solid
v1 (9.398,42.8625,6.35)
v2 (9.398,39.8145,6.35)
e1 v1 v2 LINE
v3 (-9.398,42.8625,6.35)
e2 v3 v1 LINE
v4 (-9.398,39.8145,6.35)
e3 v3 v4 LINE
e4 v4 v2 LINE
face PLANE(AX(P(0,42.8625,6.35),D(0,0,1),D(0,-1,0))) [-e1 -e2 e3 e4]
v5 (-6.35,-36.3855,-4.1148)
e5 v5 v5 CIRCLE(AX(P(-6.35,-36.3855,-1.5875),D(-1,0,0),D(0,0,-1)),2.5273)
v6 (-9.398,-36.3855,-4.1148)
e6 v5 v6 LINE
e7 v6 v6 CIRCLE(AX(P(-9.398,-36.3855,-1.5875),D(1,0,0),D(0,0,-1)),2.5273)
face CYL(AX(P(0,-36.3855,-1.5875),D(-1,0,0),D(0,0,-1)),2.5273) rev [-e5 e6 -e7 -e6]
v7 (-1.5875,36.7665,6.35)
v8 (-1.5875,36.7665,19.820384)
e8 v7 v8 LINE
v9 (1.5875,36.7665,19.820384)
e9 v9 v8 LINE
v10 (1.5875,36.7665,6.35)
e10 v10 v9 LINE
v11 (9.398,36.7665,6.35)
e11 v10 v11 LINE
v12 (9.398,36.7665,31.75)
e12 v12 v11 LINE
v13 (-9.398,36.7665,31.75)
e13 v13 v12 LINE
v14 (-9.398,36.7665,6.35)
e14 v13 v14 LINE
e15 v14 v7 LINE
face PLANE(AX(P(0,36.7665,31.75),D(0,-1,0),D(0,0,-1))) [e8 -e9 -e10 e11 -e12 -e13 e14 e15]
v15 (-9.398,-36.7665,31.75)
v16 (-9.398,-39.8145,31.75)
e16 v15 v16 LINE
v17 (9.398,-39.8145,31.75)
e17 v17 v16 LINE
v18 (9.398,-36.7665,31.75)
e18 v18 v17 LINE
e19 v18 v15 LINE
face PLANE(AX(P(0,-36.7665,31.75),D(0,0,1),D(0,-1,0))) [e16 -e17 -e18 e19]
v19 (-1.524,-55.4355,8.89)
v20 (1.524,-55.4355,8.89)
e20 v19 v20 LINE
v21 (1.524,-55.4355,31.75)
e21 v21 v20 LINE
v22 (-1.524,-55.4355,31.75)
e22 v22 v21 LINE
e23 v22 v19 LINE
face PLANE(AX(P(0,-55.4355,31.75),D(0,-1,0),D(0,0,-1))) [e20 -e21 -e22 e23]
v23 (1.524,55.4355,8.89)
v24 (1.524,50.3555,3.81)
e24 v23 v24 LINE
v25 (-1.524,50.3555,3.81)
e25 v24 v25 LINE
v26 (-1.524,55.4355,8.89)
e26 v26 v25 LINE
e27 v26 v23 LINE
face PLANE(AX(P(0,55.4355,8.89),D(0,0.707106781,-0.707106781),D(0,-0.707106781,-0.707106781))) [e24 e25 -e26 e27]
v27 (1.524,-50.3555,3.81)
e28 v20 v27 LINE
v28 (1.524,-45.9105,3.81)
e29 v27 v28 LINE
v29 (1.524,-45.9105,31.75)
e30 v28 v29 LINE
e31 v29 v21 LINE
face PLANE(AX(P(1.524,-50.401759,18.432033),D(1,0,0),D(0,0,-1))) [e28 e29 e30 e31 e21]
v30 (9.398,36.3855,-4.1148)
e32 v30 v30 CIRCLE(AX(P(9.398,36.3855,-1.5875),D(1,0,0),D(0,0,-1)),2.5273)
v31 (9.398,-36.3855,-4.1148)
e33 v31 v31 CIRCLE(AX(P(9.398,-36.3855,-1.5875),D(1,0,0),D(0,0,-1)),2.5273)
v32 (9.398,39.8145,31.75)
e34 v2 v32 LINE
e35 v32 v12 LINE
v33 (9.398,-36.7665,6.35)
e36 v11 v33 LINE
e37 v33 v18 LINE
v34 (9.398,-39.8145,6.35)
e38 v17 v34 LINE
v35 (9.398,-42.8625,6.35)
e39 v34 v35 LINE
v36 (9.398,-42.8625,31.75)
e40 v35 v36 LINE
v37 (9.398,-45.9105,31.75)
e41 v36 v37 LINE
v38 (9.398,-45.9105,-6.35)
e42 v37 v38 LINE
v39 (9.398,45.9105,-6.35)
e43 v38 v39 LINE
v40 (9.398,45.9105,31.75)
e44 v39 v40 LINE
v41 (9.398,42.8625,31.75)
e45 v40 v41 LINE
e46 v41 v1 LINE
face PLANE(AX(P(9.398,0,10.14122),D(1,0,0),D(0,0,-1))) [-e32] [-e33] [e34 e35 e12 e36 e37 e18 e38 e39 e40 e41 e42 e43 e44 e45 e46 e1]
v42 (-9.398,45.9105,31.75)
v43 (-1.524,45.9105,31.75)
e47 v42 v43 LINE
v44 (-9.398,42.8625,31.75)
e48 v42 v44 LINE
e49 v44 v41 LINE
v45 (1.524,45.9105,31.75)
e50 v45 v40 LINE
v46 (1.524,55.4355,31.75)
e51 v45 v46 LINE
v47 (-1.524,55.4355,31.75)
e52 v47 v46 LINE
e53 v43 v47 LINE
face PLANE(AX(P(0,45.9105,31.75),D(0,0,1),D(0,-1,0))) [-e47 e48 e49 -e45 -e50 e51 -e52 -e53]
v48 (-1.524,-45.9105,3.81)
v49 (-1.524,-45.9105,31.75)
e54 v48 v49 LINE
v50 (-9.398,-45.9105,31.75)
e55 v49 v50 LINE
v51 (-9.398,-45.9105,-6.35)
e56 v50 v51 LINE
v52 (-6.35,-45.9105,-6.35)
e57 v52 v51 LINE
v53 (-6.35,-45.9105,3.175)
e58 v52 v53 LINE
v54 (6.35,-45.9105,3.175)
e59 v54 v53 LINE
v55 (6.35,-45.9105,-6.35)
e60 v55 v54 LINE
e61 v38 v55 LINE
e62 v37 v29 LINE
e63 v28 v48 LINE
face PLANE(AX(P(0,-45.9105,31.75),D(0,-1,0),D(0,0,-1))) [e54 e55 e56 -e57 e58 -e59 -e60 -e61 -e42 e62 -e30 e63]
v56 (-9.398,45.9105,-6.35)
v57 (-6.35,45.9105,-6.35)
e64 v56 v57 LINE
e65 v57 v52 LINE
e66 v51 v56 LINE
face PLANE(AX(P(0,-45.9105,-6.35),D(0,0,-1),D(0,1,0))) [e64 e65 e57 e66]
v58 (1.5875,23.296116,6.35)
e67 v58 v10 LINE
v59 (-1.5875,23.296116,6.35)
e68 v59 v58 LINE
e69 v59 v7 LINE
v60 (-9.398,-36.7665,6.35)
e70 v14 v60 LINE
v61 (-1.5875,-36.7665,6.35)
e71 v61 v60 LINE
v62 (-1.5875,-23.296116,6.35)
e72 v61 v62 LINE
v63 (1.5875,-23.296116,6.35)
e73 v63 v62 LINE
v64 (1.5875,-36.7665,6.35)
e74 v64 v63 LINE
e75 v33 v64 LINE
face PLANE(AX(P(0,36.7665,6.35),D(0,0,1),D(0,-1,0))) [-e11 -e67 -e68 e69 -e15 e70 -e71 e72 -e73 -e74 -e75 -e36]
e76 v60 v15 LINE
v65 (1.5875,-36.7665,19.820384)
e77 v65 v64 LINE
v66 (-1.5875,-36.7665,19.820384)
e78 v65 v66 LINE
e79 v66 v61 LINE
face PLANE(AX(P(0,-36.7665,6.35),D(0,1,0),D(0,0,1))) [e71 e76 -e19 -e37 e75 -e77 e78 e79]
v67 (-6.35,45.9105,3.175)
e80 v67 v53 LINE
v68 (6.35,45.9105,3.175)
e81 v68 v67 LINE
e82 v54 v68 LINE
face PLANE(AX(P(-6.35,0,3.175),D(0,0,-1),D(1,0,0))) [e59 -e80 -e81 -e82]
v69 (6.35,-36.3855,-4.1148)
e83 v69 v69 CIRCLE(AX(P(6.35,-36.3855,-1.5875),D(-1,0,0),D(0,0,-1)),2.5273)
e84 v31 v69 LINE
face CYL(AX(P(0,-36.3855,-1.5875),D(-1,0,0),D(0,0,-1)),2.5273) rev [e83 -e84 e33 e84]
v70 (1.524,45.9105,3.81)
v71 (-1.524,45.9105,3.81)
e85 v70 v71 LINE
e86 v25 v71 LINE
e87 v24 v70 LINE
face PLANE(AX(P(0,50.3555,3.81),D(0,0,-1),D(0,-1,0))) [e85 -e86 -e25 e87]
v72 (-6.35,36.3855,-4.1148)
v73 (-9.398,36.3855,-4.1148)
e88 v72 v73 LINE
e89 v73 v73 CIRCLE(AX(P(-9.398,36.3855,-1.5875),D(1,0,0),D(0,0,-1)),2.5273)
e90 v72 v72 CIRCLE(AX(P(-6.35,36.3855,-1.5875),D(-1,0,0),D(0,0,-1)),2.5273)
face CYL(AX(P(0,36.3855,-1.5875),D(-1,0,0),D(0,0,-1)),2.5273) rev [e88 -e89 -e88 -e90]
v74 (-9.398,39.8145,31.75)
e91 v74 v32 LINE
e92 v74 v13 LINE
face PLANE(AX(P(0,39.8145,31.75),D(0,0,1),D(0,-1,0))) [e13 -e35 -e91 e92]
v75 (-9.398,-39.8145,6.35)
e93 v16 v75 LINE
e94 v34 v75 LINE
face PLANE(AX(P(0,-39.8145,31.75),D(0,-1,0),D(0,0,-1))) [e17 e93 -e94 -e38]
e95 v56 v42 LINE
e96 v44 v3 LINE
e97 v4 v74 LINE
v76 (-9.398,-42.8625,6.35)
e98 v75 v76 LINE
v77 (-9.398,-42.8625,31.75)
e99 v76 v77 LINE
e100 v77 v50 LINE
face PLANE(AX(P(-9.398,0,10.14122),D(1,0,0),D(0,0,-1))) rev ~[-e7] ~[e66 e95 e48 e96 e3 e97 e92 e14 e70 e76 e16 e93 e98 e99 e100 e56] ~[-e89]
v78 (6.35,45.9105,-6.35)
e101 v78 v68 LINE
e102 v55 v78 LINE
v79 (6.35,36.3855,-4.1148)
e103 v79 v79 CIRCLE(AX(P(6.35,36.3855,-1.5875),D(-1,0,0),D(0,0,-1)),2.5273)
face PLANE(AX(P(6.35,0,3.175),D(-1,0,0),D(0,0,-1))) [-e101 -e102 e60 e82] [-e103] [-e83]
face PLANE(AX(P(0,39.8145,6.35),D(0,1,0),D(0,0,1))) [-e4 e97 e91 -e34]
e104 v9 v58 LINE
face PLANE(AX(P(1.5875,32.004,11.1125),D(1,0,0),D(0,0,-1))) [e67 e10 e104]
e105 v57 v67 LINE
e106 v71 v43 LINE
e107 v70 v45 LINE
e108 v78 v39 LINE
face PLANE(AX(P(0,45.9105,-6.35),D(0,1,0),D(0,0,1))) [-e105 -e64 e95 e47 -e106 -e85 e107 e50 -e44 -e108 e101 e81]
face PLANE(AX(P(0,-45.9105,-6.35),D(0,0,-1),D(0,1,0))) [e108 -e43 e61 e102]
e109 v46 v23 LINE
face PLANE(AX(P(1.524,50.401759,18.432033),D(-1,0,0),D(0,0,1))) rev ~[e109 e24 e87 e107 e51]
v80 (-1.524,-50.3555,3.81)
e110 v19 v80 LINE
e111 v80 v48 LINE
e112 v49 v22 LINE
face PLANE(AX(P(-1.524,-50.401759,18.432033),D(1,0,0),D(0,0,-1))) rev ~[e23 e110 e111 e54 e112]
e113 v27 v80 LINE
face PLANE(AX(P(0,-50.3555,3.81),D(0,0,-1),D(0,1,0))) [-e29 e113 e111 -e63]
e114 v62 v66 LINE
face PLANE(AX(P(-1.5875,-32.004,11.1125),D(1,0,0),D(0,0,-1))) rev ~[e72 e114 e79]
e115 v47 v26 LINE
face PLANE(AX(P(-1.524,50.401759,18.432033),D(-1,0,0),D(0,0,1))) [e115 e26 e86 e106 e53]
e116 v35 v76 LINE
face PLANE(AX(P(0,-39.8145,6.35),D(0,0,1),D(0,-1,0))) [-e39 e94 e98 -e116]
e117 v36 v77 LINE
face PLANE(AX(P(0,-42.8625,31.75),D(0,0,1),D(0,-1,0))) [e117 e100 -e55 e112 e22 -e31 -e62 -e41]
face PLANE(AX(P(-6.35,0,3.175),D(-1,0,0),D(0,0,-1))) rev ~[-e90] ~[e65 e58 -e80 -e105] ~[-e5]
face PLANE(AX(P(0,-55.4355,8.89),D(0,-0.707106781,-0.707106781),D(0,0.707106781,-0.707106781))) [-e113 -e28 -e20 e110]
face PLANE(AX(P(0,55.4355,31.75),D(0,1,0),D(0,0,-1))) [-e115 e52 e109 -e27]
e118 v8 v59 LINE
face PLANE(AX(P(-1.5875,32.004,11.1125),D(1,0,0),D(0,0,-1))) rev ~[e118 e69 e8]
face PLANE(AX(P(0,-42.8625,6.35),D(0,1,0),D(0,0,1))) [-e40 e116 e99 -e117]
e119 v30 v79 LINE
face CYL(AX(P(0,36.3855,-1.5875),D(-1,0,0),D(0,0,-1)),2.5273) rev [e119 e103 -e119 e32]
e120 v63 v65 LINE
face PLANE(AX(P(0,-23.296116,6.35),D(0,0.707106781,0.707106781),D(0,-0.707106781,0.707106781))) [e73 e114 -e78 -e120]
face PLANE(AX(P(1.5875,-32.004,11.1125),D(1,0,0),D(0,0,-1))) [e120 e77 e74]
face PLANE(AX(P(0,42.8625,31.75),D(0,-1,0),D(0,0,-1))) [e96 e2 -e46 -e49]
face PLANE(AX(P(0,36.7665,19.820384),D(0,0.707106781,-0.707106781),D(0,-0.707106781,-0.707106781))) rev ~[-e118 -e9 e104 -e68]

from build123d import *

# Parameters (mm, degrees)
SKETCH1_R               = 2.5273
BOSS_EXTRUDE2_DEPTH     = 9.398
BOSS_EXTRUDE3_DEPTH     = 1.524
BOSS_EXTRUDE4_DEPTH     = 1.5875
SKETCH4_W               = 12.7
SKETCH4_H               = 9.525
CUT_EXTRUDE1_DEPTH      = 56.4355
CUT_EXTRUDE1_DEPTH_BACK = 56.4355


with BuildPart() as part:
    # Sketch1 → Boss-Extrude2 (new body, symmetric)
    with BuildSketch(Plane(origin=(0, 0, 0), x_dir=(0, 0, -1), z_dir=(1, 0, 0))):
        Polygon((-6.35, -45.9105), (6.35, -45.9105), (6.35, 45.9105), (-6.35, 45.9105), (-31.75, 45.9105), (-31.75, 42.8625), (-6.35, 42.8625), (-6.35, 39.8145), (-31.75, 39.8145), (-31.75, 36.7665), (-6.35, 36.7665), (-6.35, -36.7665), (-31.75, -36.7665), (-31.75, -39.8145), (-6.35, -39.8145), (-6.35, -42.8625), (-31.75, -42.8625), (-31.75, -45.9105), align=None)
        with Locations((1.5875, 36.3855)):
            Circle(SKETCH1_R, mode=Mode.SUBTRACT)
        with Locations((1.5875, -36.3855)):
            Circle(SKETCH1_R, mode=Mode.SUBTRACT)
    extrude(amount=BOSS_EXTRUDE2_DEPTH, both=True)

    # Sketch2 → Boss-Extrude3 (add, symmetric)
    with BuildSketch(Plane(origin=(0, 0, 0), x_dir=(0, 0, -1), z_dir=(1, 0, 0))):
        Polygon((-8.89, 55.4355), (-3.81, 50.3555), (-3.81, 45.9105), (-31.75, 45.9105), (-31.75, 55.4355), align=None)
        Polygon((-31.75, -45.9105), (-31.75, -55.4355), (-8.89, -55.4355), (-3.81, -50.3555), (-3.81, -45.9105), align=None)
    extrude(amount=BOSS_EXTRUDE3_DEPTH, both=True)

    # Sketch3 → Boss-Extrude4 (add, symmetric)
    with BuildSketch(Plane(origin=(0, 0, 0), x_dir=(0, 0, -1), z_dir=(1, 0, 0))):
        Polygon((-19.820384182, 36.7665), (-6.35, 23.296115818), (-6.35, 36.7665), align=None)
        Polygon((-19.820384182, -36.7665), (-6.35, -36.7665), (-6.35, -23.296115818), align=None)
    extrude(amount=BOSS_EXTRUDE4_DEPTH, both=True)

    # Sketch4 → Cut-Extrude1 (cut, two sides)
    with BuildSketch(Plane(origin=(0, 0, 0), x_dir=(1, 0, 0), z_dir=(0, 1, 0))) as cut_extrude1_sk:
        with Locations((0, 1.5875)):
            Rectangle(SKETCH4_W, SKETCH4_H)
    extrude(amount=CUT_EXTRUDE1_DEPTH, mode=Mode.SUBTRACT)
    extrude(cut_extrude1_sk.sketch, amount=-CUT_EXTRUDE1_DEPTH_BACK, mode=Mode.SUBTRACT)


solid = part.part
